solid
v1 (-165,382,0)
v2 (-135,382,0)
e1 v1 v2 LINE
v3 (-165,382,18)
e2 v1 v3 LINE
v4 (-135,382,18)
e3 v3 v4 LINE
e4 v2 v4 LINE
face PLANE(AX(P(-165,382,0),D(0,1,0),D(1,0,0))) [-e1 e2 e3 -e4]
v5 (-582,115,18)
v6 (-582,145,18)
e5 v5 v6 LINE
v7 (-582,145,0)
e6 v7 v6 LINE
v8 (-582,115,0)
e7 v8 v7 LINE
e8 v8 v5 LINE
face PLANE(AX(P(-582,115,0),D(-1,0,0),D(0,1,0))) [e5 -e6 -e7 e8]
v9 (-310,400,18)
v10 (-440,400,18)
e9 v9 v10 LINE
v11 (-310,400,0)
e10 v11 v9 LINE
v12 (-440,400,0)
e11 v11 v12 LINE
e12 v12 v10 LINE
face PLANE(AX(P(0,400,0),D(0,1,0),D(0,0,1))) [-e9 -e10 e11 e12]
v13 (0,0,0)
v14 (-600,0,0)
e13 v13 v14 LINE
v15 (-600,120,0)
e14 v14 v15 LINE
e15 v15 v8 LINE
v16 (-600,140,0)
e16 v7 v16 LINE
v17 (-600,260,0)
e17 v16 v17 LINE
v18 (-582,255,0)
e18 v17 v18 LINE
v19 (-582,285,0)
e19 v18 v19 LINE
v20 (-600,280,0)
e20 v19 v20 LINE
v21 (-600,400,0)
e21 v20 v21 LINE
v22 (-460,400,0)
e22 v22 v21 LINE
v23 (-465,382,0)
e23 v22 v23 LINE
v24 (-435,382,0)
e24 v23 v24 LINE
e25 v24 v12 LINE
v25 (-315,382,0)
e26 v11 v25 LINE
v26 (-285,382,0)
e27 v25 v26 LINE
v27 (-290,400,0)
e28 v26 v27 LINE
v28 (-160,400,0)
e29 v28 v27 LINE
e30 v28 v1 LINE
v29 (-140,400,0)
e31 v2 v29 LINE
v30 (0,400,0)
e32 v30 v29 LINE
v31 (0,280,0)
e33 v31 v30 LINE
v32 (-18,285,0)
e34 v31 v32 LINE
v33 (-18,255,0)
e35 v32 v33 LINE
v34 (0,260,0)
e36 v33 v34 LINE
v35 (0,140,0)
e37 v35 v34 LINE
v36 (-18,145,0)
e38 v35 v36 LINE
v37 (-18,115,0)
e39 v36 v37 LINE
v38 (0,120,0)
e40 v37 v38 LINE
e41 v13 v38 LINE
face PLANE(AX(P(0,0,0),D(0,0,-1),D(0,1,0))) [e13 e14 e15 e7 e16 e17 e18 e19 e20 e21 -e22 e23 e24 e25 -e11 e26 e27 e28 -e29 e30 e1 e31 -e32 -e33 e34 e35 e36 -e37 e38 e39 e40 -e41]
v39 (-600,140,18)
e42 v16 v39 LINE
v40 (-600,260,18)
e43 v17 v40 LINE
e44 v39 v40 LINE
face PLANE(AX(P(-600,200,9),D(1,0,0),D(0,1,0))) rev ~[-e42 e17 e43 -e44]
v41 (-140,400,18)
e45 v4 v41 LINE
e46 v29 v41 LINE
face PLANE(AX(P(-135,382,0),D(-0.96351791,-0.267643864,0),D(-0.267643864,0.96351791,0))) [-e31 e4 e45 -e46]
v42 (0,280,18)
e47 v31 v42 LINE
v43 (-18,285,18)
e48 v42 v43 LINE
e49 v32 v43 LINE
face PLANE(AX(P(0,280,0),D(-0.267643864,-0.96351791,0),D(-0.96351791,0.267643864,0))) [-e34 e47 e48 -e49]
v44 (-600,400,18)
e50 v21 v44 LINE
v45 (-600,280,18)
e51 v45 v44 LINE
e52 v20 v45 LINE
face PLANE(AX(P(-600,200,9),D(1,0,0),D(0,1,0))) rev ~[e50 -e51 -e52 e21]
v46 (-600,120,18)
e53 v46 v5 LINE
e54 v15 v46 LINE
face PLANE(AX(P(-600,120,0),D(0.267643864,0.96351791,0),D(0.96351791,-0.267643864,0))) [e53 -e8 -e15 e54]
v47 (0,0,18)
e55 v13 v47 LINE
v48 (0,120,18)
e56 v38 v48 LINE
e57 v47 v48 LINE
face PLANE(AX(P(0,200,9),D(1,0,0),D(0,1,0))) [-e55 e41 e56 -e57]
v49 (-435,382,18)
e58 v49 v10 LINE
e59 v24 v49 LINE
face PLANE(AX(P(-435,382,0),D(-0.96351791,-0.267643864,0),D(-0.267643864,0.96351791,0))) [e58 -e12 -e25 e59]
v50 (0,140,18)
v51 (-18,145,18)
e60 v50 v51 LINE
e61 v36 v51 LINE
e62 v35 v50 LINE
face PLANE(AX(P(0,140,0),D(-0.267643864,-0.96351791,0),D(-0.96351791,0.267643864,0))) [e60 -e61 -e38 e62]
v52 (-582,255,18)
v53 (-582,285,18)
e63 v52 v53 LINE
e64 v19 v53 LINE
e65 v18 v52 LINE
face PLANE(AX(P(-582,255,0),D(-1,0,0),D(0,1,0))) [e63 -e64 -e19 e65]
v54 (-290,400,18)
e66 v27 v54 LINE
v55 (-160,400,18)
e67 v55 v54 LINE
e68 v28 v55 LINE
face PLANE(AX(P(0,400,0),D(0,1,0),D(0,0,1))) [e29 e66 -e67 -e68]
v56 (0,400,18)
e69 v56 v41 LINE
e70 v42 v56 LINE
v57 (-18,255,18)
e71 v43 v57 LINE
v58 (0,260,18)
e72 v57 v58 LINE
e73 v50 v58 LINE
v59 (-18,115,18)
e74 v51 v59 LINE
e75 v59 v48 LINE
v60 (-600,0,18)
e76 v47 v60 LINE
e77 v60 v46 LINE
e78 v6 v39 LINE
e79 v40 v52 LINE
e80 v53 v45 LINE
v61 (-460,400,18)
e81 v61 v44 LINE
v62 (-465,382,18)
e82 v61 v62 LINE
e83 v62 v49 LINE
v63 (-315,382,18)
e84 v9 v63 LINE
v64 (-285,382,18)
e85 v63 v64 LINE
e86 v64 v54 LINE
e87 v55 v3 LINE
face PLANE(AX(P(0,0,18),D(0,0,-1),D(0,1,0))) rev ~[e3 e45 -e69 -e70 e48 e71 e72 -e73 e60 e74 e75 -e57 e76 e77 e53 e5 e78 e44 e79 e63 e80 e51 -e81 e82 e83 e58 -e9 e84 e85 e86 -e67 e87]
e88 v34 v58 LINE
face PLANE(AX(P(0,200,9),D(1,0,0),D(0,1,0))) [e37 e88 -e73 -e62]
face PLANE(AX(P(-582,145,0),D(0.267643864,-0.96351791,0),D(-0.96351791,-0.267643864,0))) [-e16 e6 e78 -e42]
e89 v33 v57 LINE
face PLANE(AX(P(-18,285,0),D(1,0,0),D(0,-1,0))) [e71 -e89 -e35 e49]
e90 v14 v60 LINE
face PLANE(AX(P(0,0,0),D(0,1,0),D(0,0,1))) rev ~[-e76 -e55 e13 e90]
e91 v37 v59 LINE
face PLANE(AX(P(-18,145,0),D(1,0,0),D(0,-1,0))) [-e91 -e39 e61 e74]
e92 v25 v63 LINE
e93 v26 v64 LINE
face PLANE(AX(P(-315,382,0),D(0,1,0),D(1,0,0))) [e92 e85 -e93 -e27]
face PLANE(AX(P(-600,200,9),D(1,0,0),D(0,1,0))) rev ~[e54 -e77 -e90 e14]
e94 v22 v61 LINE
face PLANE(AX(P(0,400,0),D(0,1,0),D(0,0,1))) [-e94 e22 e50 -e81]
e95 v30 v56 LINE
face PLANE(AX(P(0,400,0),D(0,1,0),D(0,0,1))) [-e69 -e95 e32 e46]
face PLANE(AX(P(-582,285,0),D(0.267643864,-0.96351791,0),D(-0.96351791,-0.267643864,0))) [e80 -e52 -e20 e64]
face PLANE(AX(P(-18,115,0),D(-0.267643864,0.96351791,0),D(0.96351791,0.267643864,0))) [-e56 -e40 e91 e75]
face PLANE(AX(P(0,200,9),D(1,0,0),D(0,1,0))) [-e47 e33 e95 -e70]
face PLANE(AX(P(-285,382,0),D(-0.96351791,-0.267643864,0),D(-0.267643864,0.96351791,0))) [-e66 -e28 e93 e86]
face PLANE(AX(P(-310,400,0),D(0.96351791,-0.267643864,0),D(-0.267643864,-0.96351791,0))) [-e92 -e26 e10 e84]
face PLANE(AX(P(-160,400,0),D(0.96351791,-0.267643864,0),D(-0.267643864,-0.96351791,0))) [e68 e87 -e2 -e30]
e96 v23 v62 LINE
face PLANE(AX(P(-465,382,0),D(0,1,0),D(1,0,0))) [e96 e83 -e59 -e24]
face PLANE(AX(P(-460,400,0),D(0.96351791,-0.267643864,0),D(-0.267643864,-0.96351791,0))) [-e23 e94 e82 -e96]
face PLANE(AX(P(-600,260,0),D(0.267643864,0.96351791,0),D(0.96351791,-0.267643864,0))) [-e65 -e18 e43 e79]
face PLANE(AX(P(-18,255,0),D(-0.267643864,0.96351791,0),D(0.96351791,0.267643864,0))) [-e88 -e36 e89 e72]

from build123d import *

# Parameters (mm, degrees)
F0_W          = 400
F0_H          = 18
F1_DEPTH      = 600
F3_DEPTH      = 18
F3_DEPTH_BACK = 25


with BuildPart() as f1:
    # F0 (on Right) → F1 (new body)
    with BuildSketch(Plane.YZ):
        with Locations((200, 9)):
            Rectangle(F0_W, F0_H)
    extrude(amount=-F1_DEPTH)

    # F2 (on Top) → F3 (cut, two sides)
    with BuildSketch(Plane.XY) as f3_sk:
        Polygon((-300, 400), (-310, 400), (-315, 382), (-300, 382), (-285, 382), (-290, 400), align=None)
        Polygon((-150, 400), (-160, 400), (-165, 382), (-135, 382), (-140, 400), align=None)
        Polygon((-450, 400), (-460, 400), (-465, 382), (-435, 382), (-440, 400), align=None)
        Polygon((-600, 280), (-600, 270), (-600, 260), (-582, 255), (-582, 270), (-582, 285), align=None)
        Polygon((-582, 145), (-600, 140), (-600, 130), (-600, 120), (-582, 115), (-582, 130), align=None)
        Polygon((0, 270), (0, 280), (-18, 285), (-18, 270), (-18, 255), (0, 260), align=None)
        Polygon((-18, 115), (0, 120), (0, 130), (0, 140), (-18, 145), (-18, 130), align=None)
    extrude(amount=F3_DEPTH, mode=Mode.SUBTRACT)
    extrude(f3_sk.sketch, amount=-F3_DEPTH_BACK, mode=Mode.SUBTRACT)


solid = f1.part
